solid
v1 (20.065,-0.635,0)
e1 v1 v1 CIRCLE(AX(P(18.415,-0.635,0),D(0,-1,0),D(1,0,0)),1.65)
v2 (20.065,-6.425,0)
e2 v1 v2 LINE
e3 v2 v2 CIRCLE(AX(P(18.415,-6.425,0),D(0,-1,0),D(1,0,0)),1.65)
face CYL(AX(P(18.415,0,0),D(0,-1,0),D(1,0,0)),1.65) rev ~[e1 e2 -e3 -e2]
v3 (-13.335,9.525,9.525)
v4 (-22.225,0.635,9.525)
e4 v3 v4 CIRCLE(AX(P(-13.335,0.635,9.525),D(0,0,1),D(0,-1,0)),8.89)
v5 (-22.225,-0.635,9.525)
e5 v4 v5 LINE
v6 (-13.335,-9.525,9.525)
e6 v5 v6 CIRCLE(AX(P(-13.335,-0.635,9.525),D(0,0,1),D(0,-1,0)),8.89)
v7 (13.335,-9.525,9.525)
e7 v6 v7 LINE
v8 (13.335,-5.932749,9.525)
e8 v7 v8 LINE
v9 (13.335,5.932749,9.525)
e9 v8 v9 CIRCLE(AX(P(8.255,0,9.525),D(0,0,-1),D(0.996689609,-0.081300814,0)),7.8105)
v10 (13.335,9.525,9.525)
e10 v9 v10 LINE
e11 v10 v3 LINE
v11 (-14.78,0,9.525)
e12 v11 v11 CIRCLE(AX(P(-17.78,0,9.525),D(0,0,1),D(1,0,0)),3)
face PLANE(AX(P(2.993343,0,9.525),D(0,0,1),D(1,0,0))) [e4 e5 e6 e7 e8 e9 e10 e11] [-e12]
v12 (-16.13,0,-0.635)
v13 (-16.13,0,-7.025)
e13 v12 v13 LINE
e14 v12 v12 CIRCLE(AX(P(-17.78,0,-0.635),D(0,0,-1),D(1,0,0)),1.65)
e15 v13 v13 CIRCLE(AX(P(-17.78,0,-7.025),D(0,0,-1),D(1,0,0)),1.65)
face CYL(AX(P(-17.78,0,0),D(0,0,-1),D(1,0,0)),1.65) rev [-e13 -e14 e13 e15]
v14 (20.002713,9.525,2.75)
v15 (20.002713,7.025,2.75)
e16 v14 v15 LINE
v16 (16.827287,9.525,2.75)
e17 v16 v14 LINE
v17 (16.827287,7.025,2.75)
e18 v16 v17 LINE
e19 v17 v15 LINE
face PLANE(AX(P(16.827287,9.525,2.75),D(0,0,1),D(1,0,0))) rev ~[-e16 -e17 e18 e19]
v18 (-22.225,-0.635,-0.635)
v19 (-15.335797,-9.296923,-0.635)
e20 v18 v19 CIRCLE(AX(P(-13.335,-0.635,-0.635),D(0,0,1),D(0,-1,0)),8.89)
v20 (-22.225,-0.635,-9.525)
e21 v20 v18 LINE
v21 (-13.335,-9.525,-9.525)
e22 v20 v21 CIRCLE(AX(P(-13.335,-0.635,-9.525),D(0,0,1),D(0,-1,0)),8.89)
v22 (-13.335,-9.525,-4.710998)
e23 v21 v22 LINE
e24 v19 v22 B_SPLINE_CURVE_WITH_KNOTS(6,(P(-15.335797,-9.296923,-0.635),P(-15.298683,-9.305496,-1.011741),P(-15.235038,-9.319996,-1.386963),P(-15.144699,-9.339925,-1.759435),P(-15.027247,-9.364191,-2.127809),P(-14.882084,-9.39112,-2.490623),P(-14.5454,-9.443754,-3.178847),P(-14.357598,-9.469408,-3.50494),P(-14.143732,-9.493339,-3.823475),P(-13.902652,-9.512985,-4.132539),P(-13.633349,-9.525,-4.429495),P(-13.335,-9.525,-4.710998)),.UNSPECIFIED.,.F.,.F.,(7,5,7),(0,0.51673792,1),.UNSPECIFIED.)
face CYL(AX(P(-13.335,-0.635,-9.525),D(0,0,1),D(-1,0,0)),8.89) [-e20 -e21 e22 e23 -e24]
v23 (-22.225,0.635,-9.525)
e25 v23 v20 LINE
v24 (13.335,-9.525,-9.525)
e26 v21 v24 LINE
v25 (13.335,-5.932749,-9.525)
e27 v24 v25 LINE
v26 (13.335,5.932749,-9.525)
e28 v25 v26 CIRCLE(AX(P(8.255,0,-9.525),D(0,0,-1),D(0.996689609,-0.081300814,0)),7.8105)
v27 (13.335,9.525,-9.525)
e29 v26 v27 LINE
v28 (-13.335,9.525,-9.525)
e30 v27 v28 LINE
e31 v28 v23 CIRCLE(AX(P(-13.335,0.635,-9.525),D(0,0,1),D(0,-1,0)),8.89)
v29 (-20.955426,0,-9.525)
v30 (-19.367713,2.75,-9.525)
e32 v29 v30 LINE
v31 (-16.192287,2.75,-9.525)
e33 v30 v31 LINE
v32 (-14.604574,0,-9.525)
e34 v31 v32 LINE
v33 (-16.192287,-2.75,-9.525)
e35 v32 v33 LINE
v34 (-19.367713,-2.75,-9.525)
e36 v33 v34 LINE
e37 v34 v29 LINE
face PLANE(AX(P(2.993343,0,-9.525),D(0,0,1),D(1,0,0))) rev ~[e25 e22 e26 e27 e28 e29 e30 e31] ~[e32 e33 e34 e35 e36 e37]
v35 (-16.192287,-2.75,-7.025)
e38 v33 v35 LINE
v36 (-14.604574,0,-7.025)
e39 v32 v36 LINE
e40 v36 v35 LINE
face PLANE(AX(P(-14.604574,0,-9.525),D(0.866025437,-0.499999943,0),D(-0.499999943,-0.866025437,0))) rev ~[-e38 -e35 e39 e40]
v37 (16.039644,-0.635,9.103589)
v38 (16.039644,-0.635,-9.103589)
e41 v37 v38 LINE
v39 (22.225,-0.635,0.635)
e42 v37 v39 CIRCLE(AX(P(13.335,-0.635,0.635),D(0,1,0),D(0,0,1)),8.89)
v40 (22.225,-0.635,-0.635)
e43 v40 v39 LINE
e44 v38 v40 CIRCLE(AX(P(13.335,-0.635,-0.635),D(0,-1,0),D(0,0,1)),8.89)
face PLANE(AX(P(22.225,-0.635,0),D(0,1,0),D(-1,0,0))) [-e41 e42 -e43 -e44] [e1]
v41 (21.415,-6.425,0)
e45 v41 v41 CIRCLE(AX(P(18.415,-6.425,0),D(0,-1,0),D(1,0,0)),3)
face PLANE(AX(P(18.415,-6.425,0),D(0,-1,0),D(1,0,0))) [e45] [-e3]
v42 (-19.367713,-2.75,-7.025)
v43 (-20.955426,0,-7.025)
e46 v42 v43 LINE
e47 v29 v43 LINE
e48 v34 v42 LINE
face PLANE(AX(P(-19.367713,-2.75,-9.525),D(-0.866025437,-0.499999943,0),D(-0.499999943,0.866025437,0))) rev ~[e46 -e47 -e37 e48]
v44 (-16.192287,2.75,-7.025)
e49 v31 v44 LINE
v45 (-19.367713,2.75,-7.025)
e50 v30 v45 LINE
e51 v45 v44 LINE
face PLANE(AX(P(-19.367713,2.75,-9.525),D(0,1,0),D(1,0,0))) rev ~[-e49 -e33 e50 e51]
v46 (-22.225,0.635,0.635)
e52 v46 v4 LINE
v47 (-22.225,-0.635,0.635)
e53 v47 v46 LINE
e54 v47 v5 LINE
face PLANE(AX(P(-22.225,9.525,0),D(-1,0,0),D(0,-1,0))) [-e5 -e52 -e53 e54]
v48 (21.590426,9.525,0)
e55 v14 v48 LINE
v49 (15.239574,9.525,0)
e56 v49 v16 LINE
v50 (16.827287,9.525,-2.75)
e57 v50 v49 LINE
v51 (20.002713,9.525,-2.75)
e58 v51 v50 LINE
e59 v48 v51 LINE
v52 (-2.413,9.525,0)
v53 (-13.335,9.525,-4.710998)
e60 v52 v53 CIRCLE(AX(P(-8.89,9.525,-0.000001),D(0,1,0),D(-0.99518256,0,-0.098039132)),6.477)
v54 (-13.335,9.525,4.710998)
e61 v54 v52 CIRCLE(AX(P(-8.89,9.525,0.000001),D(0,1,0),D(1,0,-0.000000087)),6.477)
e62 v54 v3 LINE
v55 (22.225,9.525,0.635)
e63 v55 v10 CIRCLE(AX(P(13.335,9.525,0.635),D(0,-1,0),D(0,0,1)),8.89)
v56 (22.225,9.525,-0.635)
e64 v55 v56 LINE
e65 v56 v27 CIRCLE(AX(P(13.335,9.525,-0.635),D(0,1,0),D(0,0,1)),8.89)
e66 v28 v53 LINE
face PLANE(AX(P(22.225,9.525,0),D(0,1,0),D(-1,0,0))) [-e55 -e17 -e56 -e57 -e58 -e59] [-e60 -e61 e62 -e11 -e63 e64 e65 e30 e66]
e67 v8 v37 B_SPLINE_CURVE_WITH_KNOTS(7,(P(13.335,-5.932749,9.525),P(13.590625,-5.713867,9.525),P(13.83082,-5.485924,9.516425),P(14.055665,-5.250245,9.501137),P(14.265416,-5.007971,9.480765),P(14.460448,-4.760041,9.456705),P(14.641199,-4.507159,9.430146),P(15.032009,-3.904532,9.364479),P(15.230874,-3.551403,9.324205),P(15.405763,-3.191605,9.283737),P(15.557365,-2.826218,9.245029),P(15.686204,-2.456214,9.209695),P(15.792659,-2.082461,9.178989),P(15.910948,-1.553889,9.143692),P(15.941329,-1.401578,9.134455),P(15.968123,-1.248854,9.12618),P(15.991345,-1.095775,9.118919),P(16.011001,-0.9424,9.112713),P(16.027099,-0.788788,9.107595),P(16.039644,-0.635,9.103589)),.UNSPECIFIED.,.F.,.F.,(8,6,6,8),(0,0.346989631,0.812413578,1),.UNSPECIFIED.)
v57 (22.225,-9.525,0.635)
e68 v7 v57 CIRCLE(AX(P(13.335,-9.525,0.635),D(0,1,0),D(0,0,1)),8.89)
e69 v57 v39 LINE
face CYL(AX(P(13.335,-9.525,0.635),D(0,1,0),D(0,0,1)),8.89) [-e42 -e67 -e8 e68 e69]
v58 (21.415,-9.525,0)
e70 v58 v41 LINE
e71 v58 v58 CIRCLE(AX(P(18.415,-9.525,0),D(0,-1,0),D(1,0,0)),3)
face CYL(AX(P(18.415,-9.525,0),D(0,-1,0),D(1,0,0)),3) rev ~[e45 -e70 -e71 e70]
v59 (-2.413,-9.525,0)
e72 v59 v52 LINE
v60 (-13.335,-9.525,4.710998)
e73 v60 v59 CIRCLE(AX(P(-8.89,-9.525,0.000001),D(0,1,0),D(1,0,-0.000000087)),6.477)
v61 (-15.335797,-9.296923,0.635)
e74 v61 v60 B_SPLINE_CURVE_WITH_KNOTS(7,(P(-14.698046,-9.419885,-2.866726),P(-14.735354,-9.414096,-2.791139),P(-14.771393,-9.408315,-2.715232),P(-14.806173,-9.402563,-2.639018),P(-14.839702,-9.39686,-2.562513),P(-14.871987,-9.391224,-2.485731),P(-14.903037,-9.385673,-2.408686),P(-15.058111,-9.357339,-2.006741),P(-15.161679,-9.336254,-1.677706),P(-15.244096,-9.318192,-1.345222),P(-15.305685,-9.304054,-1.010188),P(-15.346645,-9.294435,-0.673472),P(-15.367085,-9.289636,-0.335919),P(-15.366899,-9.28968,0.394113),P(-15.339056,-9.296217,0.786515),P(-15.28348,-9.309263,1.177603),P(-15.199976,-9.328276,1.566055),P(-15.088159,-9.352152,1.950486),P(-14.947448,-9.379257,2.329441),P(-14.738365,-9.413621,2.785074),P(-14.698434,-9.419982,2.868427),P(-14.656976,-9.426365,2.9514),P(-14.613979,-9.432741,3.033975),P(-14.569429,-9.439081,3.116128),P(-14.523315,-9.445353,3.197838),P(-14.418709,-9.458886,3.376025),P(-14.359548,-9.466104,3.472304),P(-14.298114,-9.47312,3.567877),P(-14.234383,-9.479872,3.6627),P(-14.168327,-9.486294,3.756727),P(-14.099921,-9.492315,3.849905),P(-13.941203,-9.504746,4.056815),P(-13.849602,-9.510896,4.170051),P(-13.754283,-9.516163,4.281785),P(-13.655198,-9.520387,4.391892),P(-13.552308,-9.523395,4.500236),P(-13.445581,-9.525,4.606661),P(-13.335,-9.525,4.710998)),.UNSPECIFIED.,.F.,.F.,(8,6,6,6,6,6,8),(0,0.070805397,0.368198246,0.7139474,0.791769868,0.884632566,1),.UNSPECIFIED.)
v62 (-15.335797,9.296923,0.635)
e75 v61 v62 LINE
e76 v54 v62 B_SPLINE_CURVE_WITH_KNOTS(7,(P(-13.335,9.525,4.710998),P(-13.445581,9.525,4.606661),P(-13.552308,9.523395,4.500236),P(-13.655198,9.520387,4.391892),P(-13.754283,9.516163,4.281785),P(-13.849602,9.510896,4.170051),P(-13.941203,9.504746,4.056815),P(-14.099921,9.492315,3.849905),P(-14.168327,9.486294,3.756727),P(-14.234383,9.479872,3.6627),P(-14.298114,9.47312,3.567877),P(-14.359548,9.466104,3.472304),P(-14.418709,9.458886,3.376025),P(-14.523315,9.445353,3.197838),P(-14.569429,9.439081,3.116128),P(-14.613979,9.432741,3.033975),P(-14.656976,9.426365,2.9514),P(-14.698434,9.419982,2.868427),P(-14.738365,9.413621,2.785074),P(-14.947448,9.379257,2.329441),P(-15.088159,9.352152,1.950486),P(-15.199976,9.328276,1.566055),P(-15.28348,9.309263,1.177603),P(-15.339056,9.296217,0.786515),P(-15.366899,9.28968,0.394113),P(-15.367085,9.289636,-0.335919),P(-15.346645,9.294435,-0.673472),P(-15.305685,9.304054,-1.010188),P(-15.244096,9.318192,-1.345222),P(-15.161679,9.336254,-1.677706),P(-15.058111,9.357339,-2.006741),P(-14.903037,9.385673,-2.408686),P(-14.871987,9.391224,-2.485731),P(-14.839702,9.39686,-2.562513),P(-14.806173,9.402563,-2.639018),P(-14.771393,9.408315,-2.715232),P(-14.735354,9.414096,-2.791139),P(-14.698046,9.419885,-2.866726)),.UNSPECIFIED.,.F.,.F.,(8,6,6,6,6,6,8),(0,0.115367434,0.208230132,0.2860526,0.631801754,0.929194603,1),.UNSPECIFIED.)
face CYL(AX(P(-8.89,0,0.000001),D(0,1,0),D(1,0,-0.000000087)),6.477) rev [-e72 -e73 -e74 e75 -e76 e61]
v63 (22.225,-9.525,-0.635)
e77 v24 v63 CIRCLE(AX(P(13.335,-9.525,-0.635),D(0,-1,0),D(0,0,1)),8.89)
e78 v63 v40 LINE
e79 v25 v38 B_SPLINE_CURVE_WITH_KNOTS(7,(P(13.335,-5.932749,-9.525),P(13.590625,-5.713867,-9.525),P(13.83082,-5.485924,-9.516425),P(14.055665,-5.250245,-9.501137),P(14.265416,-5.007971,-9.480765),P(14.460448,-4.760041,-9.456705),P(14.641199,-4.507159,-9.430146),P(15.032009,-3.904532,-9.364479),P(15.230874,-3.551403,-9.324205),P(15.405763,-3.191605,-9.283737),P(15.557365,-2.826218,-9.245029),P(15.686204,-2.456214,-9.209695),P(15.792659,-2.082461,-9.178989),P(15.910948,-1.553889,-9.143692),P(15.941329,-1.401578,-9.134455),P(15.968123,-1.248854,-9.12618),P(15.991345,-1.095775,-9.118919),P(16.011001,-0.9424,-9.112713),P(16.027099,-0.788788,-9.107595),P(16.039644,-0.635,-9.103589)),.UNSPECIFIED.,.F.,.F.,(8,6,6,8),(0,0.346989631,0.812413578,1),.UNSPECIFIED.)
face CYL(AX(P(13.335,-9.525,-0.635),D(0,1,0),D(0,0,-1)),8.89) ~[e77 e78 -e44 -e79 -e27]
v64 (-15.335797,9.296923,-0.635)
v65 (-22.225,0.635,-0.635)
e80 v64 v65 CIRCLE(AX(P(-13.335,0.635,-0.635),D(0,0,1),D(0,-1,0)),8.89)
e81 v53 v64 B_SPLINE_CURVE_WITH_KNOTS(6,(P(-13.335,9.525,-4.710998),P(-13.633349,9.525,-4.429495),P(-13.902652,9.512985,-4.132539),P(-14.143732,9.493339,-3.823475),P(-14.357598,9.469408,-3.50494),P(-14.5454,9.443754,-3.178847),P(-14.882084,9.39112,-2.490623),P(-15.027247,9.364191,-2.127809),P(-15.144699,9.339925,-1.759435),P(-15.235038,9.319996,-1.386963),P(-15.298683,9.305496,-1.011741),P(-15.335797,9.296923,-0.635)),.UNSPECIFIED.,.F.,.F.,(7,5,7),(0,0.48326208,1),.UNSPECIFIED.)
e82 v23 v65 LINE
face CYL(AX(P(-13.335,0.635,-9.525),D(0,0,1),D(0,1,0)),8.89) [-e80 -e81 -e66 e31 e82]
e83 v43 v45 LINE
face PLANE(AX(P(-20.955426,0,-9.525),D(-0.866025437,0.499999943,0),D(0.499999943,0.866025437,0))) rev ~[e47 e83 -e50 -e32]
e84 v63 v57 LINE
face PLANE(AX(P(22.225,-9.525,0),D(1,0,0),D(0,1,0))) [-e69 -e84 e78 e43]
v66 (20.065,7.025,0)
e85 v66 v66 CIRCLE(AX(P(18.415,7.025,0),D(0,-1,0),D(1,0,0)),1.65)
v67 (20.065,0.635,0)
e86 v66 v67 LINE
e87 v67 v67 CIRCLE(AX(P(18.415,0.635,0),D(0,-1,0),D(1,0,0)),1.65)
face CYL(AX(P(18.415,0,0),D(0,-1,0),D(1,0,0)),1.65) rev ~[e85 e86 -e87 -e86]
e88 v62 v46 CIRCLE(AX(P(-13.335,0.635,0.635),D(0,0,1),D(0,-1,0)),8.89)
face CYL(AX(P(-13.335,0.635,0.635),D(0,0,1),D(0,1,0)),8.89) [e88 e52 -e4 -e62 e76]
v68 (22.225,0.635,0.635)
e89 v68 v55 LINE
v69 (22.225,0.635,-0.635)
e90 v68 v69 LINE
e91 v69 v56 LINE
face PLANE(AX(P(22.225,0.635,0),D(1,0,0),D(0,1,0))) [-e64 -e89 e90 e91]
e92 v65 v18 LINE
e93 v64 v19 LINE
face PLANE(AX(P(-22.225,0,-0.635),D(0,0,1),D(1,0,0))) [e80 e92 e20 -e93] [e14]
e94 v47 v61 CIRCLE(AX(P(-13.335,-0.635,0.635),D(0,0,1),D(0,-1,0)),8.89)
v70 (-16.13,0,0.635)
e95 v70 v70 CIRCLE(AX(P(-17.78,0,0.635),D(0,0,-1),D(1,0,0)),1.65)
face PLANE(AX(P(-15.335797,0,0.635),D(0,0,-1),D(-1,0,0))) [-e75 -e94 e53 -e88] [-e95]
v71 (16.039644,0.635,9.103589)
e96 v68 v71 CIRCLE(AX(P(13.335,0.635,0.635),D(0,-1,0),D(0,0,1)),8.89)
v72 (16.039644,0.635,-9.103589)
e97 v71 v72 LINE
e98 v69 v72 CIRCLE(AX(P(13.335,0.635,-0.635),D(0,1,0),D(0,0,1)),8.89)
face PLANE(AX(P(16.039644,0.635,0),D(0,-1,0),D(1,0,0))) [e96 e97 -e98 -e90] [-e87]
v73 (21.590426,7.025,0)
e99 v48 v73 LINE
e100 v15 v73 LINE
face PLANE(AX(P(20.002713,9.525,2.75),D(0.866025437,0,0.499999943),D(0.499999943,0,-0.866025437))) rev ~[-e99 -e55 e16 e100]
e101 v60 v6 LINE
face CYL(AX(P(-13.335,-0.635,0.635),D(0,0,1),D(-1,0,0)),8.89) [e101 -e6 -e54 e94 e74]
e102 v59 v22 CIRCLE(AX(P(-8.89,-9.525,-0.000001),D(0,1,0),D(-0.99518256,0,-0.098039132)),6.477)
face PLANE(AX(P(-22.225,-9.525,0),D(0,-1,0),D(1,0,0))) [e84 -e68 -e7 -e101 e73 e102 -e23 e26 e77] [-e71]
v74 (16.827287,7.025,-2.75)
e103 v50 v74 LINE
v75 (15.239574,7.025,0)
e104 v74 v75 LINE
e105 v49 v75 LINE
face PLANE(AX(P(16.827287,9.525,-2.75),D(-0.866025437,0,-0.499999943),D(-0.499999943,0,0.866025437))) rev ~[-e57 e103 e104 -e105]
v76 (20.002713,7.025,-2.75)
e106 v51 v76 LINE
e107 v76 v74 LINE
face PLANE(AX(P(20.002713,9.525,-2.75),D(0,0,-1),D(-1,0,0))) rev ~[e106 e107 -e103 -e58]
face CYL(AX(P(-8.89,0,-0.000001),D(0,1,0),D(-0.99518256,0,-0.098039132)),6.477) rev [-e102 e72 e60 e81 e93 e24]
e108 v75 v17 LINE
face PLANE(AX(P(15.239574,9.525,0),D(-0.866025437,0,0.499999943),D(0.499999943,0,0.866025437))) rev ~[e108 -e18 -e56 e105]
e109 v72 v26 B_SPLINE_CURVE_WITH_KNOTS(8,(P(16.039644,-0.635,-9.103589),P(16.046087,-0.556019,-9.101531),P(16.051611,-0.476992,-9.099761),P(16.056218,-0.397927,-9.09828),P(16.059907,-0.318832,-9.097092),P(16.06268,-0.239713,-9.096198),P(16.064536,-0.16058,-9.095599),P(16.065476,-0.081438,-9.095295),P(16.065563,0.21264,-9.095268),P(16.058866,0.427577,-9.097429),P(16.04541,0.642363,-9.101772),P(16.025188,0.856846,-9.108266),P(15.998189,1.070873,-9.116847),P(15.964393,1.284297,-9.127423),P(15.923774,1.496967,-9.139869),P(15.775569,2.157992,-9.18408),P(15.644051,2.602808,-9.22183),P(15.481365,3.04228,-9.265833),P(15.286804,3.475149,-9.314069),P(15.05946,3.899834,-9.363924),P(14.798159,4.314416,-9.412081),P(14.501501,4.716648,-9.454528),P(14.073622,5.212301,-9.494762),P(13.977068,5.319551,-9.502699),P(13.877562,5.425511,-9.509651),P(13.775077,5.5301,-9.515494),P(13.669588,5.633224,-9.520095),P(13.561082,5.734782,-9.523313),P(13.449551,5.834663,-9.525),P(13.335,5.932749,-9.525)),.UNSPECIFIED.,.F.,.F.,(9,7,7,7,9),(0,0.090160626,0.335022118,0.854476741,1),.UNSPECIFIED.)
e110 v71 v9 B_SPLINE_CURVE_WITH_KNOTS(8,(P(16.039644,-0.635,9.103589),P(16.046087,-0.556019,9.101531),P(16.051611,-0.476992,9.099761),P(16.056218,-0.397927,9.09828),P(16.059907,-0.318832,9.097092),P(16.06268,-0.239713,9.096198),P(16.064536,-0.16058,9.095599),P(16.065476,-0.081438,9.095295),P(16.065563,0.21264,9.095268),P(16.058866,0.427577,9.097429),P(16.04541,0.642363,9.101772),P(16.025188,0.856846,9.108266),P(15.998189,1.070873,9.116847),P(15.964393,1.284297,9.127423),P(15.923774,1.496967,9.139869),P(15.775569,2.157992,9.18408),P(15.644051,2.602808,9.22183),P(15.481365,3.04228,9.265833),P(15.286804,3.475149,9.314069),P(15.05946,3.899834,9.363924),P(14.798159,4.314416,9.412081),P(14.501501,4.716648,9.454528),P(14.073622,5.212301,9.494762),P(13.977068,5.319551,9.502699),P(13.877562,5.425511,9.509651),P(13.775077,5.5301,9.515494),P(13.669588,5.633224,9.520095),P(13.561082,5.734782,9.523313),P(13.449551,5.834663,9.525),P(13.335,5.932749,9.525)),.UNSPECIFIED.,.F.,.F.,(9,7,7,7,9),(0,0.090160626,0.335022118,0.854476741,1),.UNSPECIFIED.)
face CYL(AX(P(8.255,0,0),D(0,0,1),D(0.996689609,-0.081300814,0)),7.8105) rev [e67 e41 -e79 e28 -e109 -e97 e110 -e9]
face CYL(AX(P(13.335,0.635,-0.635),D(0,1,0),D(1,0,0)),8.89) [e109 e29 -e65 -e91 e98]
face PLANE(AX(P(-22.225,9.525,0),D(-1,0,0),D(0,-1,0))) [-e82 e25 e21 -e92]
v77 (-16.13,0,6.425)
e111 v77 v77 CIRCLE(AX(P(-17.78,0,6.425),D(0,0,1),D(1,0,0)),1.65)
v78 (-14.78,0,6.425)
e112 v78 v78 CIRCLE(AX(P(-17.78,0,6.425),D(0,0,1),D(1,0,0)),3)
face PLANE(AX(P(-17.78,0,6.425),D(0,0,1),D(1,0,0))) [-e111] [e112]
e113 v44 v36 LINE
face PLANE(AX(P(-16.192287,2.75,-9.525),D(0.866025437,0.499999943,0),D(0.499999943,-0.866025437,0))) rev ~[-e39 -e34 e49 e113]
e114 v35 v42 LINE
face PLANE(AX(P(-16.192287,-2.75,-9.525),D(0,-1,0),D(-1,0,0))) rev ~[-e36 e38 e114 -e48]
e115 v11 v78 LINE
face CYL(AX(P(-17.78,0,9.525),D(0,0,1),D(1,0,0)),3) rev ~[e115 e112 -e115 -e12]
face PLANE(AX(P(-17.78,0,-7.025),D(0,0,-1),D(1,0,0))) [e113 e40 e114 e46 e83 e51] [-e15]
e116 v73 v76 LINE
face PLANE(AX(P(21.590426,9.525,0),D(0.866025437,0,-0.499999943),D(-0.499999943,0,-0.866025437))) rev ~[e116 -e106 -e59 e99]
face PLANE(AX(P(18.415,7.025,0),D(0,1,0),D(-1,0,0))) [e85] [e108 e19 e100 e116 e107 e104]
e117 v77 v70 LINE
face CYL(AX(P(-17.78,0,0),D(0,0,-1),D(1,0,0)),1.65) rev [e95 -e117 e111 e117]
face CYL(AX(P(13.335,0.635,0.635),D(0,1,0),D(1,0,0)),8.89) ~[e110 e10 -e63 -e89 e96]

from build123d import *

# Parameters (mm, degrees)
F0_R      = 1.65
F1_DEPTH  = 9.525
F2_R      = 1.65
F3_DEPTH  = 25.4
F4_R      = 3
F4_R_2    = 1.65
F5_DEPTH  = 3.1
F6_R      = 3
F6_R_2    = 1.65
F7_DEPTH  = 3.1
F8_R      = 1.65
F9_DEPTH  = 2.5
F10_R     = 1.65
F11_DEPTH = 2.5
F12_R     = 8.89


with BuildPart() as f1:
    # F0 (on Top) → F1 (new body, symmetric)
    with BuildSketch(Plane.XY):
        with BuildLine():
            Line((22.225, 9.525), (-22.225, 9.525))
            Line((-22.225, 9.525), (-22.225, -9.525))
            Line((-22.225, -9.525), (22.225, -9.525))
            Line((22.225, -9.525), (22.225, -0.635))
            Line((22.225, -0.635), (16.039644, -0.635))
            ThreePointArc((16.039644, -0.635), (0.4445, 0), (16.039644, 0.635))
            Line((16.039644, 0.635), (22.225, 0.635))
            Line((22.225, 0.635), (22.225, 9.525))
        make_face()
        with Locations((-17.78, 0)):
            Circle(F0_R, mode=Mode.SUBTRACT)
    extrude(amount=F1_DEPTH, both=True)

    # F2 (on Front) → F3 (cut, symmetric)
    with BuildSketch(Plane.XZ):
        with BuildLine():
            ThreePointArc((-15.335797, -0.635), (-15.367, 0), (-15.335797, 0.635))
            Line((-15.335797, 0.635), (-22.225, 0.635))
            Line((-22.225, 0.635), (-22.225, -0.635))
            Line((-22.225, -0.635), (-15.335797, -0.635))
        make_face()
        with BuildLine():
            Line((-8.89, 0.635), (-15.335797, 0.635))
            ThreePointArc((-15.335797, 0.635), (-15.367, 0), (-15.335797, -0.635))
            Line((-15.335797, -0.635), (-8.89, -0.635))
            Line((-8.89, -0.635), (-8.89, 0.635))
        make_face()
        with BuildLine():
            ThreePointArc((-15.335797, -0.635), (-8.572117, -6.469195), (-2.413, 0))
            ThreePointArc((-2.413, 0), (-8.572117, 6.469195), (-15.335797, 0.635))
            Line((-15.335797, 0.635), (-8.89, 0.635))
            Line((-8.89, 0.635), (-8.89, -0.635))
            Line((-8.89, -0.635), (-15.335797, -0.635))
        make_face()
        with Locations((18.415, 0)):
            Circle(F2_R)
    extrude(amount=F3_DEPTH, both=True, mode=Mode.SUBTRACT)

    # F4 (on face) → F5 (cut)
    with BuildSketch(Plane.XZ.offset(9.525)):
        with Locations((18.415, 0)):
            Circle(F4_R)
        with Locations((18.415, 0)):
            Circle(F4_R_2, mode=Mode.SUBTRACT)
    extrude(amount=-F5_DEPTH, mode=Mode.SUBTRACT)

    # F6 (on face) → F7 (cut)
    with BuildSketch(Plane.XY.offset(9.525)):
        with Locations((-17.78, 0)):
            Circle(F6_R)
        with Locations((-17.78, 0)):
            Circle(F6_R_2, mode=Mode.SUBTRACT)
    extrude(amount=-F7_DEPTH, mode=Mode.SUBTRACT)

    # F8 (on face) → F9 (cut)
    with BuildSketch(Plane(origin=(0, 9.525, 0), x_dir=(-1, 0, 0), z_dir=(0, 1, 0))):
        Polygon((-16.827287, 2.75), (-20.002713, 2.75), (-21.590426, 0), (-20.002713, -2.75), (-16.827287, -2.75), (-15.239574, 0), align=None)
        with Locations((-18.415, 0)):
            Circle(F8_R, mode=Mode.SUBTRACT)
    extrude(amount=-F9_DEPTH, mode=Mode.SUBTRACT)

    # F10 (on face) → F11 (cut)
    with BuildSketch(Plane(origin=(0, 0, -9.525), x_dir=(1, 0, 0), z_dir=(0, 0, -1))):
        Polygon((-16.192287, 2.75), (-19.367713, 2.75), (-20.955426, 0), (-19.367713, -2.75), (-16.192287, -2.75), (-14.604574, 0), align=None)
        with Locations((-17.78, 0)):
            Circle(F10_R, mode=Mode.SUBTRACT)
    extrude(amount=-F11_DEPTH, mode=Mode.SUBTRACT)

    # F12
    f12_edges = [f1.edges().sort_by_distance(p)[0] for p in [
        (22.225, -5.08, 9.525),
        (22.225, 5.08, 9.525),
        (22.225, -5.08, -9.525),
        (22.225, 5.08, -9.525),
        (-22.225, -9.525, -5.08),
        (-22.225, -9.525, 5.08),
        (-22.225, 9.525, -5.08),
        (-22.225, 9.525, 5.08),
    ]]
    fillet(f12_edges, radius=F12_R)


solid = f1.part
